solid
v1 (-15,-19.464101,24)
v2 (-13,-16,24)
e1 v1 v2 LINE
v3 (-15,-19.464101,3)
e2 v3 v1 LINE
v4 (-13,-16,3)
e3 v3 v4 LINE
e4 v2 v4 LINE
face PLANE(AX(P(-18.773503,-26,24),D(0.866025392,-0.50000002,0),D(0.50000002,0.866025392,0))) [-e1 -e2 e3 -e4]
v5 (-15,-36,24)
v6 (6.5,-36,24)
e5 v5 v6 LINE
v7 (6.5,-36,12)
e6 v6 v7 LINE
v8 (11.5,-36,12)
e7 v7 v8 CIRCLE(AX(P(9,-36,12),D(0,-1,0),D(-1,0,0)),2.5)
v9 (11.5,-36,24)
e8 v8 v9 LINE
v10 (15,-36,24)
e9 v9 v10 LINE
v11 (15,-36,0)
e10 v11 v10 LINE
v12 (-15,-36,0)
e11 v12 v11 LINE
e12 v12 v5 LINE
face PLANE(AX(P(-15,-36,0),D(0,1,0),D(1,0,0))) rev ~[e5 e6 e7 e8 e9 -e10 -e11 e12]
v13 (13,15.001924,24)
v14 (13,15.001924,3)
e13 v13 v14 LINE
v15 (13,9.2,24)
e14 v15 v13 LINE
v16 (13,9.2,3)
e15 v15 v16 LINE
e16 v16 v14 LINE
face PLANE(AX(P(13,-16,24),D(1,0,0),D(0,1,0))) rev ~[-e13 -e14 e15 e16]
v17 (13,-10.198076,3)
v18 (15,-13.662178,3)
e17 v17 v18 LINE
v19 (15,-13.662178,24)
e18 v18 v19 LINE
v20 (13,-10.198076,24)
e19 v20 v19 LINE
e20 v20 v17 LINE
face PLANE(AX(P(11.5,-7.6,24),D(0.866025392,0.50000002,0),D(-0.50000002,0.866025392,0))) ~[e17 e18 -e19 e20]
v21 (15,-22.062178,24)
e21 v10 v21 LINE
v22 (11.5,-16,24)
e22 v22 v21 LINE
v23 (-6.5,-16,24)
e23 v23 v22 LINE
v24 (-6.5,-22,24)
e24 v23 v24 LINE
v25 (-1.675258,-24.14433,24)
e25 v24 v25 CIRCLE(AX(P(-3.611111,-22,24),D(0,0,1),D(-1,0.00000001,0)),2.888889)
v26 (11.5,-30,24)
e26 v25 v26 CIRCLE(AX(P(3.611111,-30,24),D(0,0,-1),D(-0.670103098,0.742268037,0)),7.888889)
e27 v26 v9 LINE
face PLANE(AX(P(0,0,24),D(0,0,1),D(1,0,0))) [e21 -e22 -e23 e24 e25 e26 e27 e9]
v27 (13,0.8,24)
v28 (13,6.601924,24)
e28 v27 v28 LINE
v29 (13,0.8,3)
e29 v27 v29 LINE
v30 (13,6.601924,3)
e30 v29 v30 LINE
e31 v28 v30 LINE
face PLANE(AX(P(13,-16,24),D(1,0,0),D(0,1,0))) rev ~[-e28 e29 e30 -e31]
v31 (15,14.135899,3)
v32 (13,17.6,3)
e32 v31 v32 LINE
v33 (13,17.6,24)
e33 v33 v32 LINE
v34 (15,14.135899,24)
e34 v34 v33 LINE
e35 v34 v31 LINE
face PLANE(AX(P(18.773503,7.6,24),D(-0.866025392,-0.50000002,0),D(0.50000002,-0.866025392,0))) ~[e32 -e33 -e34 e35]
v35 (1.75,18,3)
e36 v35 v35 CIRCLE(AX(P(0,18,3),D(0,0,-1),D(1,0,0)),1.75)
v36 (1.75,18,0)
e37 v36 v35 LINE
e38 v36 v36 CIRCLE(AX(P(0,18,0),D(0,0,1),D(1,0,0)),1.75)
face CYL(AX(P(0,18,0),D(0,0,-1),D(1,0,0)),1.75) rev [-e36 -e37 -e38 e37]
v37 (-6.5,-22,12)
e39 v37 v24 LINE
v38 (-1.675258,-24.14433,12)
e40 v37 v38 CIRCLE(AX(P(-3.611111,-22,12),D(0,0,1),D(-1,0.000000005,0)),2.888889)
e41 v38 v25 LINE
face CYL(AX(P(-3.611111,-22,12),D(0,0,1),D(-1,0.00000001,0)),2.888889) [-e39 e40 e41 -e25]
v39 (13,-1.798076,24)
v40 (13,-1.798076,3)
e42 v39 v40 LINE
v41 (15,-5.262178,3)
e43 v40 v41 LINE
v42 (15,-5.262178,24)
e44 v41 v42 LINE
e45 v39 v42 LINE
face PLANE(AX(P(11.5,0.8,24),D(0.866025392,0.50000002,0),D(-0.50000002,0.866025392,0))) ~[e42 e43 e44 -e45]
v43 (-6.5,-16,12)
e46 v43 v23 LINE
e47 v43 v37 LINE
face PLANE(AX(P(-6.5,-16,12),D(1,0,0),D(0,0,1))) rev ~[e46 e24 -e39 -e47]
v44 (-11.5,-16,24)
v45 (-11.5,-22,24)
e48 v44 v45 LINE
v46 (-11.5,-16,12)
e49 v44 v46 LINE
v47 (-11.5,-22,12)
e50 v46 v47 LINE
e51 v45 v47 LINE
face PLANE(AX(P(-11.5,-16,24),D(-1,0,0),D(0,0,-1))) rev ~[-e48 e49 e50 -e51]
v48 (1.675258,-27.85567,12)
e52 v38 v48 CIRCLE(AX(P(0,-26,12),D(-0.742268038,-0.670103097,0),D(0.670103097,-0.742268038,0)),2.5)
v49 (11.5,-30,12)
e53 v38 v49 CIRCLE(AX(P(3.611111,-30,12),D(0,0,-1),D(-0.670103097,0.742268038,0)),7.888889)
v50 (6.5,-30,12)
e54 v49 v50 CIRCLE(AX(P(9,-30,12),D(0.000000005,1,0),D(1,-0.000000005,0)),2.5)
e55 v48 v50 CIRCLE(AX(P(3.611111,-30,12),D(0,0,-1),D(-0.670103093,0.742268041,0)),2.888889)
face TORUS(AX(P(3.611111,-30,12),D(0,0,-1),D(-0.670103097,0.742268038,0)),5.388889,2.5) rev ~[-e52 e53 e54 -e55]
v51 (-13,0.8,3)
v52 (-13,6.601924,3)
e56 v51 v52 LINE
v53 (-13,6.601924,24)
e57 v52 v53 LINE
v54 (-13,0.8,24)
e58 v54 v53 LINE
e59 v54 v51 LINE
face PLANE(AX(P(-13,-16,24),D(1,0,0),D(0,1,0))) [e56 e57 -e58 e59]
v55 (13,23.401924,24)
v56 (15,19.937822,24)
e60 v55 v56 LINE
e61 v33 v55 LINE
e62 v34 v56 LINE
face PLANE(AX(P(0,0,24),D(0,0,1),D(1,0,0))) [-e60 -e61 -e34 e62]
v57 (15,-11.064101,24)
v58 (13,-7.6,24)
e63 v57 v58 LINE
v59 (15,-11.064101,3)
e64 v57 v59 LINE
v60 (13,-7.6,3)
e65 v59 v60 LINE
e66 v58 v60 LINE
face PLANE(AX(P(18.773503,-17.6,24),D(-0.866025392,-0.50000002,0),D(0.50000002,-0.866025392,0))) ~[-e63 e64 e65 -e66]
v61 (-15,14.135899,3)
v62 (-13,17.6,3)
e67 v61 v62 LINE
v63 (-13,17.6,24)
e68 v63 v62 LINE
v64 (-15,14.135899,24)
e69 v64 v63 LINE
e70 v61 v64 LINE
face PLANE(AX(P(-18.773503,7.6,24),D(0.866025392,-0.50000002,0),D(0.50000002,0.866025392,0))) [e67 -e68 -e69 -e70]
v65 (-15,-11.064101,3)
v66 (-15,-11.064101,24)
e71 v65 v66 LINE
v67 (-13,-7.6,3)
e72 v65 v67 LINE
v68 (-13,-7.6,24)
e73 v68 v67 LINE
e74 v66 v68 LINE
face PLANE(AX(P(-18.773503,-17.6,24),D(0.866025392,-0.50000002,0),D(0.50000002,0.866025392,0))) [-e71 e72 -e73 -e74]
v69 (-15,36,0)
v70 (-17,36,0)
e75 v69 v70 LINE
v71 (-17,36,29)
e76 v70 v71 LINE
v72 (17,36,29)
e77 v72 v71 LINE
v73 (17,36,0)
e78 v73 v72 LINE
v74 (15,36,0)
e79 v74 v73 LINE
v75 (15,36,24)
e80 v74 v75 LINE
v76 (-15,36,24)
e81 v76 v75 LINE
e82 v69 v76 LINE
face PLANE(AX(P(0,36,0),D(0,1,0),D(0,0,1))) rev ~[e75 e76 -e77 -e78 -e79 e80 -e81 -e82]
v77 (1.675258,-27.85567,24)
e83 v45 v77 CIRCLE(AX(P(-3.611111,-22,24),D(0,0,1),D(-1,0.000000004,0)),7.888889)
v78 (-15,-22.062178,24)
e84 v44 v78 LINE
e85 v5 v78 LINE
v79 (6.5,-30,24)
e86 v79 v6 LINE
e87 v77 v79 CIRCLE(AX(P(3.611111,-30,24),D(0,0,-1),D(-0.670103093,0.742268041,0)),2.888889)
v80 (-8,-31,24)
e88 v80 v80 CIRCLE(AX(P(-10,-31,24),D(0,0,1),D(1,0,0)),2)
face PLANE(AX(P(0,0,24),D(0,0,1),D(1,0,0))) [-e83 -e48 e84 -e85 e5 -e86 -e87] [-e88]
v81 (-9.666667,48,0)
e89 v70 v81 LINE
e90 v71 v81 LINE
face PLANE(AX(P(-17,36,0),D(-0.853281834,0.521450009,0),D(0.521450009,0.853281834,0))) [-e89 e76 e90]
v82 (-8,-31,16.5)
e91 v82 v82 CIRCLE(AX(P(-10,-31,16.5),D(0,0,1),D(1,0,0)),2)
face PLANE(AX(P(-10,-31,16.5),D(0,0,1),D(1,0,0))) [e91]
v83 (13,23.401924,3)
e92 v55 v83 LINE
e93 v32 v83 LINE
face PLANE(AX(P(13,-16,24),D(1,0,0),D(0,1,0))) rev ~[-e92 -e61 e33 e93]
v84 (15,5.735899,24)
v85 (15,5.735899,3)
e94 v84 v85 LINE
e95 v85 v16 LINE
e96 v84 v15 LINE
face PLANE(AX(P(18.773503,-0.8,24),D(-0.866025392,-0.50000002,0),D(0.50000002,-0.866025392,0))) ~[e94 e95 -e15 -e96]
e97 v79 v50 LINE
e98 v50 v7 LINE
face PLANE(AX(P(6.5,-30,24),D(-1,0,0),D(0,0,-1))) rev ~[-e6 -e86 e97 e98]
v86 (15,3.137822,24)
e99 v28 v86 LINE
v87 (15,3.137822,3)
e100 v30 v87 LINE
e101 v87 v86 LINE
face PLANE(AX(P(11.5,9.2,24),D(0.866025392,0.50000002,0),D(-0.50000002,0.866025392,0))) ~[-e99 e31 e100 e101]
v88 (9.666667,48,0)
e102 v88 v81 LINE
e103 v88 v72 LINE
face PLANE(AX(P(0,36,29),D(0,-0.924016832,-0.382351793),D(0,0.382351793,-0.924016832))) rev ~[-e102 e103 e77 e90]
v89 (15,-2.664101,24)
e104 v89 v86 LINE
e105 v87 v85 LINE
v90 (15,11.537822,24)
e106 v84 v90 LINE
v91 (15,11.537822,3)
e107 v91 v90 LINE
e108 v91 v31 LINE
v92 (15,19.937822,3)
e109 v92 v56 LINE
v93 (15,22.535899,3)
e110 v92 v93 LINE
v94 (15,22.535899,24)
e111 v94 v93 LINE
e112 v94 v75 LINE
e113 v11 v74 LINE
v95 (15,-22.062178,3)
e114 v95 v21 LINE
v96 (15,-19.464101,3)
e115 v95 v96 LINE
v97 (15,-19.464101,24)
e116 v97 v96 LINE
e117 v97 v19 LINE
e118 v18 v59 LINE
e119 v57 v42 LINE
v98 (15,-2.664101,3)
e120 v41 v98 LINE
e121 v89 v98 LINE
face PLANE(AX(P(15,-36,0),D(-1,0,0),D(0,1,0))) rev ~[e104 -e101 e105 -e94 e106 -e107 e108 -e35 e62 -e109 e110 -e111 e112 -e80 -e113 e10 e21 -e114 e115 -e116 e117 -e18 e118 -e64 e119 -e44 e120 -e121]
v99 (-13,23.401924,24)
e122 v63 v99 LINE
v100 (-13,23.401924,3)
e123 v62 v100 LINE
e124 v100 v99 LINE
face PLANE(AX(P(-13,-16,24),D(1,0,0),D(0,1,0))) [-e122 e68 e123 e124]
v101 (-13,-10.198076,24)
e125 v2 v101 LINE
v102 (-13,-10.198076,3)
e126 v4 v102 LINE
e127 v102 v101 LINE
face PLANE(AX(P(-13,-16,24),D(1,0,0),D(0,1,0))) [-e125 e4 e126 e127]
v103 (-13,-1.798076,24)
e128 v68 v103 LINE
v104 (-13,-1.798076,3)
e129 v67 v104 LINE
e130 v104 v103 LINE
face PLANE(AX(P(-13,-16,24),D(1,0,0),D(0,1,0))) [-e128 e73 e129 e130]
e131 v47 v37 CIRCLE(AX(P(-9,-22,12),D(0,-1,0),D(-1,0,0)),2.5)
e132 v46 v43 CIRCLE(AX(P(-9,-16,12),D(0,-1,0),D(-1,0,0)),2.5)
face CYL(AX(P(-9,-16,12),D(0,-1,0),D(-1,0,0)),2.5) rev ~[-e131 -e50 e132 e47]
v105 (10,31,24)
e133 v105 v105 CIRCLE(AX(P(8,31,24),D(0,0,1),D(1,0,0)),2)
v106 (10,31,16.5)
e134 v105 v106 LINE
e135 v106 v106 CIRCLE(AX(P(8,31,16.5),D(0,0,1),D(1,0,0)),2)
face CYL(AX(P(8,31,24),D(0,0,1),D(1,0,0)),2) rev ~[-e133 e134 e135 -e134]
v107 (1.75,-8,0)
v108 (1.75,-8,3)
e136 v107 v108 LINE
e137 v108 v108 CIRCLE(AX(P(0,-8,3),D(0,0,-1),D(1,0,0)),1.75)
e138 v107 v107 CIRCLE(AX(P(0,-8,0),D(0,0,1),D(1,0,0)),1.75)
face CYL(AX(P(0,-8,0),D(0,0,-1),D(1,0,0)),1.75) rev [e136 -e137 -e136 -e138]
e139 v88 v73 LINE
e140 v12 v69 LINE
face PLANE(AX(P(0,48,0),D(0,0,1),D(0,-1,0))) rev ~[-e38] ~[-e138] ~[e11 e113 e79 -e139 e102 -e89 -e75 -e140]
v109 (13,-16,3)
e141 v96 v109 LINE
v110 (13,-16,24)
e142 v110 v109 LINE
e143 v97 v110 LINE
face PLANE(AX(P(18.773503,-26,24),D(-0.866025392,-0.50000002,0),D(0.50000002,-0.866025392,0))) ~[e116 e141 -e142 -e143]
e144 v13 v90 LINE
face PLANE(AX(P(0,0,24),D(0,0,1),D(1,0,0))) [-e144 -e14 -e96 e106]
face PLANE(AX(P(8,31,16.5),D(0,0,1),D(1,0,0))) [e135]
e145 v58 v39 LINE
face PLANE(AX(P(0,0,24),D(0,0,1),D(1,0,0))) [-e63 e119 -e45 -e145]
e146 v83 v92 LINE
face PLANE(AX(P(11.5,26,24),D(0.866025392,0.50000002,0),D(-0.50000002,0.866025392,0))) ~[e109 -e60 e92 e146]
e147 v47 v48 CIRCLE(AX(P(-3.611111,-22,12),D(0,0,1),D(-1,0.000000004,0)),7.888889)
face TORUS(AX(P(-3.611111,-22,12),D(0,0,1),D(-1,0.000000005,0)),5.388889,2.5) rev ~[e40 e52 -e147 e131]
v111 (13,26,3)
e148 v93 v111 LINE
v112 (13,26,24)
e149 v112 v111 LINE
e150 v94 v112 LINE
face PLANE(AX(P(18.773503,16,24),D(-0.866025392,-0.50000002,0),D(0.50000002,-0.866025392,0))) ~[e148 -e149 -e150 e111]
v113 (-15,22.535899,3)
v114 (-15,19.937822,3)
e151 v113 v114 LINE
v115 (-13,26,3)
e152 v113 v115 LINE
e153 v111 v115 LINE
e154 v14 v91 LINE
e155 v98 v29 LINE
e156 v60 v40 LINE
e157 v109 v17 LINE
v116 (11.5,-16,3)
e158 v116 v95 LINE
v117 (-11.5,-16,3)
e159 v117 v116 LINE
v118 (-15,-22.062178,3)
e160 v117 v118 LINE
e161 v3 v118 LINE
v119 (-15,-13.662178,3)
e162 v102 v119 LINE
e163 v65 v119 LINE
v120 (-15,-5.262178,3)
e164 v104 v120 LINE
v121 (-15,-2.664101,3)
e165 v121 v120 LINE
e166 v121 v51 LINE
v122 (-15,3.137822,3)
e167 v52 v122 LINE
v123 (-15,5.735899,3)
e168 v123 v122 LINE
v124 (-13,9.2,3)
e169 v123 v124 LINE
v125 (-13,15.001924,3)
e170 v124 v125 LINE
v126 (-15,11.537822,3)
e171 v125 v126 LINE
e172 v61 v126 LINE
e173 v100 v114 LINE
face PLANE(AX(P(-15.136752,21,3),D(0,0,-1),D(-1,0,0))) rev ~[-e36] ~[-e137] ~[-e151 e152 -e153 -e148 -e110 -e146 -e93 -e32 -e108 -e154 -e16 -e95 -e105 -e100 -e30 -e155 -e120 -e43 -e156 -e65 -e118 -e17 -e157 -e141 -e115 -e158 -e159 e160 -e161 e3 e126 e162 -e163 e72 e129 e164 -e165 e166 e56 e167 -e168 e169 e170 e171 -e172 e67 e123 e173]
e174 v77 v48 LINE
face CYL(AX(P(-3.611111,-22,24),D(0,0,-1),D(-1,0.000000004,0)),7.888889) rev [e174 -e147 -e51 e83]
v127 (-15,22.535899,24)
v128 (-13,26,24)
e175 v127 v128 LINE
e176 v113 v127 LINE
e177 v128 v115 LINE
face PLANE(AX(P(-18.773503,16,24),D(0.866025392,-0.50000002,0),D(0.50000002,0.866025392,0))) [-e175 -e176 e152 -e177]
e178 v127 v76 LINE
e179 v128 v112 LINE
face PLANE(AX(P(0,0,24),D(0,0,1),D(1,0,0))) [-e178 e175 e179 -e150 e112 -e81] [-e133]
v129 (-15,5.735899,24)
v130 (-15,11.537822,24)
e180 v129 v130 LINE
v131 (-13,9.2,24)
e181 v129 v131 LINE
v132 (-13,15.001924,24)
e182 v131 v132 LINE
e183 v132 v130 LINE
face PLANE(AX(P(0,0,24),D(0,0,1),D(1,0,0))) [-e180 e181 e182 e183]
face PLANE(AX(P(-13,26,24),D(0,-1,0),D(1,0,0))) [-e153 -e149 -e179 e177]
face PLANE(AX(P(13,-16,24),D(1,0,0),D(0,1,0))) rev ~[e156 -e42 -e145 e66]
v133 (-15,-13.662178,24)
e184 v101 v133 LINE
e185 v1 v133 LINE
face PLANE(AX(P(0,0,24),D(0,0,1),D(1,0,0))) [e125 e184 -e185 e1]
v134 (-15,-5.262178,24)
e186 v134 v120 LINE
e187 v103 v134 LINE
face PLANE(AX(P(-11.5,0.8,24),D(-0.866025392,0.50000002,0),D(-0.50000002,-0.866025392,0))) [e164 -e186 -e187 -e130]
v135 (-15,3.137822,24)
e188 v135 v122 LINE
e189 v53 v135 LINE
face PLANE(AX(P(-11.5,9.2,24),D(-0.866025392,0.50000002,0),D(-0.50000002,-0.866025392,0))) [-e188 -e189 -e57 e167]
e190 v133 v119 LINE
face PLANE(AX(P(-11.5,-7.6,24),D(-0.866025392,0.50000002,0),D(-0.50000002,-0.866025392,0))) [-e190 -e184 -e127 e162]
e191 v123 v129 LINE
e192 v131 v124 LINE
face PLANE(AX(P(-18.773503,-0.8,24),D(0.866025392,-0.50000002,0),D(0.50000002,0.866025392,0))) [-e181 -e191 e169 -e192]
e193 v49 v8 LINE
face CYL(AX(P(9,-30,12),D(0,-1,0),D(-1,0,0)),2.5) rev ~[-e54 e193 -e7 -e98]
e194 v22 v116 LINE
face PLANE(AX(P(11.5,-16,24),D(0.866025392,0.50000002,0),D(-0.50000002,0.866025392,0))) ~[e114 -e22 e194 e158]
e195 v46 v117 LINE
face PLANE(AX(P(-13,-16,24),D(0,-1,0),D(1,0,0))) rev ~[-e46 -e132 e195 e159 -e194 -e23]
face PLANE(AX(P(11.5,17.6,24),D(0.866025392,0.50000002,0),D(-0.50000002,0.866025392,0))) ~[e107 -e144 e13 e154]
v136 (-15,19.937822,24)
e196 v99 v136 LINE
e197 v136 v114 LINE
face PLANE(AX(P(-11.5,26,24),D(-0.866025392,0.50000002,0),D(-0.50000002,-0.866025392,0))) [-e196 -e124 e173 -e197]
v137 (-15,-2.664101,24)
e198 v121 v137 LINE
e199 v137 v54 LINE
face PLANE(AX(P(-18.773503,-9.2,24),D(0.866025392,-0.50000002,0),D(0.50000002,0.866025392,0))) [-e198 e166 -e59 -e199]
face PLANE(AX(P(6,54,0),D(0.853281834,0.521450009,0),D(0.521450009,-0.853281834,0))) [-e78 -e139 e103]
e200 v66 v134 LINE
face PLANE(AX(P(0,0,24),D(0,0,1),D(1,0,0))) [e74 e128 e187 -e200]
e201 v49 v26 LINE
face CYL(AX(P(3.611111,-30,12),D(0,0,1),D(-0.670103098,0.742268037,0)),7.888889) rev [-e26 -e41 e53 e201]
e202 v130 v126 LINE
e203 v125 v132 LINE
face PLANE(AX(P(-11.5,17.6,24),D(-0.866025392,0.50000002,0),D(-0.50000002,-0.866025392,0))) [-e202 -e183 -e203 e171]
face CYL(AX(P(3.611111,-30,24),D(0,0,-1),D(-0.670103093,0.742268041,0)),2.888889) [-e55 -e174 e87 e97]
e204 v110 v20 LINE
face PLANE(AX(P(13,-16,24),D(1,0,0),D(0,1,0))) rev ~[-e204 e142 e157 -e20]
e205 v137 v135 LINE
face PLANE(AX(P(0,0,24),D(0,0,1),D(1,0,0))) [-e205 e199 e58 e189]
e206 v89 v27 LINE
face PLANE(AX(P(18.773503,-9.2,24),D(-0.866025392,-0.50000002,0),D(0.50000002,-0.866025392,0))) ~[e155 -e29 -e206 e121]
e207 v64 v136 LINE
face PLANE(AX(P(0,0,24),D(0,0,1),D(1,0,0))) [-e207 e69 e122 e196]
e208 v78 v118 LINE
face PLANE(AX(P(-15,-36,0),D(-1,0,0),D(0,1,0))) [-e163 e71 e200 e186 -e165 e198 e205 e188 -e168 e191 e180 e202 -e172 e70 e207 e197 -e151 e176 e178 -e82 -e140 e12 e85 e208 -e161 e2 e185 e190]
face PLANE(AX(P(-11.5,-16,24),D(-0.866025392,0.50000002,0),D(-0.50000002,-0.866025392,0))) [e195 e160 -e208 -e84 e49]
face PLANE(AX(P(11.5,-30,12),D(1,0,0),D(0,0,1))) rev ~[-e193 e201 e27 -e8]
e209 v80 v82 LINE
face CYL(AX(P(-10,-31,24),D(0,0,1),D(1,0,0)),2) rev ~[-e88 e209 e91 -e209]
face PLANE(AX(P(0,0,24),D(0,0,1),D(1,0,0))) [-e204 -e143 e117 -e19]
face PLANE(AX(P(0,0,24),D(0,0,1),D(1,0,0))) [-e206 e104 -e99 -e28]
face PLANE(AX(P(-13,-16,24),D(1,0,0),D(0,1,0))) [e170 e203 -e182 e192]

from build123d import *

# Parameters (mm, degrees)
SKETCH_W                        = 30
SKETCH_H                        = 72
SKETCH_R                        = 1.75
PAD_DEPTH                       = 24
SKETCH001_W                     = 26
SKETCH001_H                     = 42
POCKET_DEPTH                    = 21
POCKET001_DEPTH                 = 21
POCKET001_LINEARPATTERN_2_DEPTH = 21
POCKET001_LINEARPATTERN_3_DEPTH = 21
POCKET001_LINEARPATTERN_4_DEPTH = 21
POCKET001_LINEARPATTERN_5_DEPTH = 21
POCKET001_LINEARPATTERN_6_DEPTH = 21
SKETCH005_R                     = 2
POCKET002_DEPTH                 = 7.5
PAD003_DEPTH                    = 17
PAD003_DEPTH_BACK               = 17
POCKET004_DEPTH                 = 29.001


with BuildPart() as part:
    # Sketch → Pad (new body)
    with BuildSketch(Plane.XY):
        Rectangle(SKETCH_W, SKETCH_H)
        with Locations((0, 18)):
            Circle(SKETCH_R, mode=Mode.SUBTRACT)
        with Locations((0, -8)):
            Circle(SKETCH_R, mode=Mode.SUBTRACT)
    extrude(amount=PAD_DEPTH)

    # Sketch001 → Pocket (cut)
    with BuildSketch(Plane.XY.offset(24)):
        with Locations((0, 5)):
            Rectangle(SKETCH001_W, SKETCH001_H)
    extrude(amount=-POCKET_DEPTH, mode=Mode.SUBTRACT)

    # Sketch002 → Pocket001 (cut)
    with BuildSketch(Plane.XY.offset(24)):
        Polygon((-18.773503, 16), (-13, 26), (-11.5, 26), (-17.273503, 16), align=None)
    pocket001 = extrude(amount=-POCKET001_DEPTH, mode=Mode.SUBTRACT)

    # Sketch002 LinearPattern 2 → Pocket001 LinearPattern 2 (cut)
    with BuildSketch(Plane(origin=(0, -8.4, 24), x_dir=(1, 0, 0), z_dir=(0, 0, 1))):
        Polygon((-18.773503, 16), (-13, 26), (-11.5, 26), (-17.273503, 16), align=None)
    pocket001_linearpattern_2 = extrude(amount=-POCKET001_LINEARPATTERN_2_DEPTH, mode=Mode.SUBTRACT)

    # Sketch002 LinearPattern 3 → Pocket001 LinearPattern 3 (cut)
    with BuildSketch(Plane(origin=(0, -16.8, 24), x_dir=(1, 0, 0), z_dir=(0, 0, 1))):
        Polygon((-18.773503, 16), (-13, 26), (-11.5, 26), (-17.273503, 16), align=None)
    pocket001_linearpattern_3 = extrude(amount=-POCKET001_LINEARPATTERN_3_DEPTH, mode=Mode.SUBTRACT)

    # Sketch002 LinearPattern 4 → Pocket001 LinearPattern 4 (cut)
    with BuildSketch(Plane(origin=(0, -25.2, 24), x_dir=(1, 0, 0), z_dir=(0, 0, 1))):
        Polygon((-18.773503, 16), (-13, 26), (-11.5, 26), (-17.273503, 16), align=None)
    pocket001_linearpattern_4 = extrude(amount=-POCKET001_LINEARPATTERN_4_DEPTH, mode=Mode.SUBTRACT)

    # Sketch002 LinearPattern 5 → Pocket001 LinearPattern 5 (cut)
    with BuildSketch(Plane(origin=(0, -33.6, 24), x_dir=(1, 0, 0), z_dir=(0, 0, 1))):
        Polygon((-18.773503, 16), (-13, 26), (-11.5, 26), (-17.273503, 16), align=None)
    pocket001_linearpattern_5 = extrude(amount=-POCKET001_LINEARPATTERN_5_DEPTH, mode=Mode.SUBTRACT)

    # Sketch002 LinearPattern 6 → Pocket001 LinearPattern 6 (cut)
    with BuildSketch(Plane(origin=(0, -42, 24), x_dir=(1, 0, 0), z_dir=(0, 0, 1))):
        Polygon((-18.773503, 16), (-13, 26), (-11.5, 26), (-17.273503, 16), align=None)
    pocket001_linearpattern_6 = extrude(amount=-POCKET001_LINEARPATTERN_6_DEPTH, mode=Mode.SUBTRACT)

    # Mirrored: Pocket001, Pocket001 LinearPattern 2, Pocket001 LinearPattern 3, Pocket001 LinearPattern 4, Pocket001 LinearPattern 5, Pocket001 LinearPattern 6 across Sketch002 V_Axis
    add(pocket001.mirror(Plane(origin=(0, 0, 24), x_dir=(0, 0, 1), z_dir=(1, 0, 0))), mode=Mode.SUBTRACT)
    add(pocket001_linearpattern_2.mirror(Plane(origin=(0, 0, 24), x_dir=(0, 0, 1), z_dir=(1, 0, 0))), mode=Mode.SUBTRACT)
    add(pocket001_linearpattern_3.mirror(Plane(origin=(0, 0, 24), x_dir=(0, 0, 1), z_dir=(1, 0, 0))), mode=Mode.SUBTRACT)
    add(pocket001_linearpattern_4.mirror(Plane(origin=(0, 0, 24), x_dir=(0, 0, 1), z_dir=(1, 0, 0))), mode=Mode.SUBTRACT)
    add(pocket001_linearpattern_5.mirror(Plane(origin=(0, 0, 24), x_dir=(0, 0, 1), z_dir=(1, 0, 0))), mode=Mode.SUBTRACT)
    add(pocket001_linearpattern_6.mirror(Plane(origin=(0, 0, 24), x_dir=(0, 0, 1), z_dir=(1, 0, 0))), mode=Mode.SUBTRACT)

    # SubtractivePipe: sweep along a path in Sketch003
    with BuildLine(Plane.XY.offset(24)) as subtractivepipe_path:
        Line((-9, -16), (-9, -22))
        ThreePointArc((-9, -22), (-5.799746, -26.924429), (0, -26))
        ThreePointArc((0, -26), (5.799746, -25.075571), (9, -30))
        Line((9, -30), (9, -36))
    # Sketch004 → SubtractivePipe (sweep, cut)
    with BuildSketch(Plane.XZ.offset(36)):
        with BuildLine():
            Line((6.5, 24), (6.5, 12))
            ThreePointArc((6.5, 12), (9, 9.5), (11.5, 12))
            Line((11.5, 12), (11.5, 24))
            Line((11.5, 24), (6.5, 24))
        make_face()
    sweep(path=subtractivepipe_path.line, mode=Mode.SUBTRACT)

    # Sketch005 → Pocket002 (cut)
    with BuildSketch(Plane.XY.offset(24)):
        with Locations((-10, -31)):
            Circle(SKETCH005_R)
        with Locations((8, 31)):
            Circle(SKETCH005_R)
    extrude(amount=-POCKET002_DEPTH, mode=Mode.SUBTRACT)

    # Sketch010 → Pad003 (join, two sides)
    with BuildSketch(Plane(origin=(0, 36, 0), x_dir=(0, 1, 0), z_dir=(1, 0, 0))) as pad003_sk:
        Polygon((0, 0), (0, 29), (12, 0), align=None)
    extrude(amount=PAD003_DEPTH)
    extrude(pad003_sk.sketch, amount=-PAD003_DEPTH_BACK)

    # Sketch011 → Pocket004 (cut, through all)
    with BuildSketch(Plane.XY):
        Polygon((-17, 36), (-6, 54), (6, 54), (17, 36), (17, 56), (-17, 56), align=None)
    extrude(amount=POCKET004_DEPTH, mode=Mode.SUBTRACT)


solid = part.part
